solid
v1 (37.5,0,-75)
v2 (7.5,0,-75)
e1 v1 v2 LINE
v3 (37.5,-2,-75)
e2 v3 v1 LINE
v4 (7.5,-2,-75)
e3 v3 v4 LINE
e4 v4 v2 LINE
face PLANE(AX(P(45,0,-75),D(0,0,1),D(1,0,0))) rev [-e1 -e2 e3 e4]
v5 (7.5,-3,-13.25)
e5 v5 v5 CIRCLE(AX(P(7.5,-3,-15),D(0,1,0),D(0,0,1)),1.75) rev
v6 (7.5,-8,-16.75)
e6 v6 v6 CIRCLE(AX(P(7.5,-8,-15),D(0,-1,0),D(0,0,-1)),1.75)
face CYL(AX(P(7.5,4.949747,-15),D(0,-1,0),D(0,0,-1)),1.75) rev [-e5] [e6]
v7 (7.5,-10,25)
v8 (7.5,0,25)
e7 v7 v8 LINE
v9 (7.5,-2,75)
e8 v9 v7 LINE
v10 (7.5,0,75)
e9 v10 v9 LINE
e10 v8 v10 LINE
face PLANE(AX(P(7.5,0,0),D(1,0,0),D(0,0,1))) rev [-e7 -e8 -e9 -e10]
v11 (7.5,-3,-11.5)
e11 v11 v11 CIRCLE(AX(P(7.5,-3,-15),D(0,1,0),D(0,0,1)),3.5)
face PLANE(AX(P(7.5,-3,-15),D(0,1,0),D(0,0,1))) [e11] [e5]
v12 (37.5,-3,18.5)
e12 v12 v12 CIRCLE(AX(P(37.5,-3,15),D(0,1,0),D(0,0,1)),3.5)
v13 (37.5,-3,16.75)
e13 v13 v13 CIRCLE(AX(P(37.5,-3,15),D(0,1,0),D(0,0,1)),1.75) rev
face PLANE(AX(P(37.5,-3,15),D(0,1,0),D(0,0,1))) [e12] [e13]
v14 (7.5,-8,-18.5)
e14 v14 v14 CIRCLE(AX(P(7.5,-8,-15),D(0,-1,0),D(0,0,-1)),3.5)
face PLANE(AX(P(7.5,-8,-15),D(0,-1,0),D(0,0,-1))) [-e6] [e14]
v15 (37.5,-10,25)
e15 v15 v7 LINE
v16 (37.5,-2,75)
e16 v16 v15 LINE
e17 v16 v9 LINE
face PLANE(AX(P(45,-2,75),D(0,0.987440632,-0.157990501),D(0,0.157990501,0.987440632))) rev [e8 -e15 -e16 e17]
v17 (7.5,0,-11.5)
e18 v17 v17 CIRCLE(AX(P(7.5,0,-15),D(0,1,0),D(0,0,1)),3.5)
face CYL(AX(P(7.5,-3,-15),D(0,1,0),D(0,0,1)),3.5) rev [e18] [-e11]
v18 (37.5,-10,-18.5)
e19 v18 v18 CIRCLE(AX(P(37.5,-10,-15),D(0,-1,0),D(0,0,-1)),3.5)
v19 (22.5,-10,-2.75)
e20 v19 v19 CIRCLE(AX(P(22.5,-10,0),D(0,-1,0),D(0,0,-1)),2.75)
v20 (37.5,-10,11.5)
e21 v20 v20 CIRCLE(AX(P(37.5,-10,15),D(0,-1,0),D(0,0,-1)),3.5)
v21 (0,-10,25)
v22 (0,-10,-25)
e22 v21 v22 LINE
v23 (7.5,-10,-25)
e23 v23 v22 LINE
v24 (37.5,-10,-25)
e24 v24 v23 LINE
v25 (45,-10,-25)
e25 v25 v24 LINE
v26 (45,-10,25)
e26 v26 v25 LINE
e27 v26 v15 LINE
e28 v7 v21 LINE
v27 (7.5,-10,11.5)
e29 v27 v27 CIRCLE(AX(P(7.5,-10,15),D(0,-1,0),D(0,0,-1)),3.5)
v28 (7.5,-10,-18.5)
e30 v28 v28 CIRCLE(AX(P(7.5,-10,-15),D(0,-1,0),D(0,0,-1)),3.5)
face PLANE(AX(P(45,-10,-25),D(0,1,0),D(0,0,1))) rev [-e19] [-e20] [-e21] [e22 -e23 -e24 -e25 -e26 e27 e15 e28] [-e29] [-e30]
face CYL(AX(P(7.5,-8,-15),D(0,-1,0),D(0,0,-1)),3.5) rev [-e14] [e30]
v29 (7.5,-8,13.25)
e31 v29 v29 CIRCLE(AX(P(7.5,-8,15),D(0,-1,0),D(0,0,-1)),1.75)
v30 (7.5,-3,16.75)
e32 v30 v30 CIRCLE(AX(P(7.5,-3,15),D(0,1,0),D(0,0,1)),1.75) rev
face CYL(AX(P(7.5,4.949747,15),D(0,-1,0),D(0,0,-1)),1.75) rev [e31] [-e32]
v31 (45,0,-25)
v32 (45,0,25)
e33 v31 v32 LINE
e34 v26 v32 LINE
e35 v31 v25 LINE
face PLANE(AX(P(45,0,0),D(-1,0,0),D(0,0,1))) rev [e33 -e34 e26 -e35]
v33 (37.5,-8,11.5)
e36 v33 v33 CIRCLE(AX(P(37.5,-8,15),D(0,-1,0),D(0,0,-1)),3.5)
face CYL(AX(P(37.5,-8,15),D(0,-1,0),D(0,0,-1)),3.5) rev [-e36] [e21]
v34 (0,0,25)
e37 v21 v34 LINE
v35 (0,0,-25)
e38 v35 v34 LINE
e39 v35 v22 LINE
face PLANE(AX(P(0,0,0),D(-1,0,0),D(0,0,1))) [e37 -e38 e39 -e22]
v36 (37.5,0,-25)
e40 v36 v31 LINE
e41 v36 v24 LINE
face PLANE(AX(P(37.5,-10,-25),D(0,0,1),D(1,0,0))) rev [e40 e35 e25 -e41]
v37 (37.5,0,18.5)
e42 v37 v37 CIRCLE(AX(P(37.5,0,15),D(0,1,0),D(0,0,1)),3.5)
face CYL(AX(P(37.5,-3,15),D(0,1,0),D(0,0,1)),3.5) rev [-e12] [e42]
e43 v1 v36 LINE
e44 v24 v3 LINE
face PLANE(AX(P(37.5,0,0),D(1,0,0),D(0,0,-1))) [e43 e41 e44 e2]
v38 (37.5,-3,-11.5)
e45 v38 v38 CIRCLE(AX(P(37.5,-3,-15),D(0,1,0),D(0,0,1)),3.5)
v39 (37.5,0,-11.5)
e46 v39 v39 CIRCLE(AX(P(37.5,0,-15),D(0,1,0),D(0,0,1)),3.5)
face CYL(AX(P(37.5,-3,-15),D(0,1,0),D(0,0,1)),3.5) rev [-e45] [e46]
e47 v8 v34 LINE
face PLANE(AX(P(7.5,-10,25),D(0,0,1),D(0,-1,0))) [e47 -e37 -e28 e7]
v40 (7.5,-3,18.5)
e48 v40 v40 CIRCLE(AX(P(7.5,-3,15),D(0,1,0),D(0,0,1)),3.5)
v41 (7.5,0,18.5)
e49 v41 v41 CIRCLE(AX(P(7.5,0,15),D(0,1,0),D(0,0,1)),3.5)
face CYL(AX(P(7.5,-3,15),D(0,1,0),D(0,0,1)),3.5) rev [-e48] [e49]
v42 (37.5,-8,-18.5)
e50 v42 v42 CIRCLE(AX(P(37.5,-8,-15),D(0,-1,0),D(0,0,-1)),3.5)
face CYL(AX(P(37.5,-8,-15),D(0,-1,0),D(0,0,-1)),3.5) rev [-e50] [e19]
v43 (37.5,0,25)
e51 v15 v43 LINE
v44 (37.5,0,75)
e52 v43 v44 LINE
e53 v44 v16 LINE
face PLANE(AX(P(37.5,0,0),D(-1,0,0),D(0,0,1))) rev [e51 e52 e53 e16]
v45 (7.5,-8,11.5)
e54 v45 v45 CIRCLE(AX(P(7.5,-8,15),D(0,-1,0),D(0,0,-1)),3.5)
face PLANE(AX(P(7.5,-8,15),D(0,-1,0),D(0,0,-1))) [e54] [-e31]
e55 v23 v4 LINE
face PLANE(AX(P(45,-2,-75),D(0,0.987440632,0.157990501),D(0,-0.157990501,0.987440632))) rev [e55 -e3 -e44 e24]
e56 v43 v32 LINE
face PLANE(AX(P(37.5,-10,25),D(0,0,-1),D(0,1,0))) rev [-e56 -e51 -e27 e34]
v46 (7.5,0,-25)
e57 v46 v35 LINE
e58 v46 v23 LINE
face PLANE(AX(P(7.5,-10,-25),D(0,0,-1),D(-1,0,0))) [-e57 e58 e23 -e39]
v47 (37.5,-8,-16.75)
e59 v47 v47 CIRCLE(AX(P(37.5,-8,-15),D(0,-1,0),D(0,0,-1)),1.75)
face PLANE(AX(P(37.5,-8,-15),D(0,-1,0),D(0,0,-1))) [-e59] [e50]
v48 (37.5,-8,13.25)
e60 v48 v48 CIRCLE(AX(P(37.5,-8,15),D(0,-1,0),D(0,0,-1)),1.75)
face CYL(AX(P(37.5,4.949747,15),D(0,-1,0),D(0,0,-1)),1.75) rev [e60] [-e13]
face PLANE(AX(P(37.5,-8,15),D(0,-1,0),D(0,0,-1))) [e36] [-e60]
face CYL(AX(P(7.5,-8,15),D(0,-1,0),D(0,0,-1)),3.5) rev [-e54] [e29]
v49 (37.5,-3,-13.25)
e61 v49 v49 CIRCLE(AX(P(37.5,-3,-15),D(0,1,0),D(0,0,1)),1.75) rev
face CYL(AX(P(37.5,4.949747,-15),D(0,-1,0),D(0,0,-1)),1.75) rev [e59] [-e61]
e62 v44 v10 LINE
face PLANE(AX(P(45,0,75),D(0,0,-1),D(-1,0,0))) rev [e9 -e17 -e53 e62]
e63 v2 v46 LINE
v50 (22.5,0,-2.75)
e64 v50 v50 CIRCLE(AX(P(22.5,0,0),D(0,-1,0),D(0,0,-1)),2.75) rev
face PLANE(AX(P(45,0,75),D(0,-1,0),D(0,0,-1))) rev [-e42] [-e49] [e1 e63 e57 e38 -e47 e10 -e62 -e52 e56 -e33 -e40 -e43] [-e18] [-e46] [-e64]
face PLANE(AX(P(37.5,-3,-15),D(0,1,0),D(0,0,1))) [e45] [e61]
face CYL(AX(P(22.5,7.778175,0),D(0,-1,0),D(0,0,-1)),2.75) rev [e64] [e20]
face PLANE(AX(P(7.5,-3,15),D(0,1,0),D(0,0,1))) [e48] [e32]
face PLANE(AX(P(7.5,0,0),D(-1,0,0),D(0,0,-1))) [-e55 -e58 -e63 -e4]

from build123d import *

# Parameters (mm, degrees)
BOSS_EXTRUDE1_DEPTH = 45
SKETCH3_R           = 3.5
CUT_EXTRUDE1_DEPTH  = 2
SKETCH4_R           = 1.75
CUT_EXTRUDE2_DEPTH  = 8
CUT_EXTRUDE3_START  = -3
SKETCH5_R           = 3.5
CUT_EXTRUDE3_DEPTH  = 3
CUT_EXTRUDE4_DEPTH  = 7.5
SKETCH8_R           = 2.75
CUT_EXTRUDE5_DEPTH  = 10


with BuildPart() as part:
    # Sketch2 → Boss-Extrude1 (new body)
    with BuildSketch(Plane(origin=(0, 0, 0), x_dir=(0, 0, -1), z_dir=(1, 0, 0))):
        Polygon((-75, 0), (75, 0), (75, -2), (25, -10), (-25, -10), (-75, -2), align=None)
    extrude(amount=BOSS_EXTRUDE1_DEPTH)

    # Sketch3 → Cut-Extrude1 (cut)
    with BuildSketch(Plane.XZ.offset(10)):
        with Locations(Location((7.5, 15, 0), (0, 0, 270))):
            Circle(SKETCH3_R)
        with Locations(Location((37.5, 15, 0), (0, 0, 270))):
            Circle(SKETCH3_R)
        with Locations(Location((37.5, -15, 0), (0, 0, 270))):
            Circle(SKETCH3_R)
        with Locations(Location((7.5, -15, 0), (0, 0, 270))):
            Circle(SKETCH3_R)
    extrude(amount=-CUT_EXTRUDE1_DEPTH, mode=Mode.SUBTRACT)

    # Sketch4 → Cut-Extrude2 (cut)
    with BuildSketch(Plane.XZ.offset(8)):
        with Locations(Location((7.5, 15, 0), (0, 0, 270))):
            Circle(SKETCH4_R)
        with Locations(Location((7.5, -15, 0), (0, 0, 270))):
            Circle(SKETCH4_R)
        with Locations(Location((37.5, -15, 0), (0, 0, 270))):
            Circle(SKETCH4_R)
        with Locations(Location((37.5, 15, 0), (0, 0, 270))):
            Circle(SKETCH4_R)
    extrude(amount=-CUT_EXTRUDE2_DEPTH, mode=Mode.SUBTRACT)

    # Sketch5 → Cut-Extrude3 (cut)
    with BuildSketch(Plane(origin=(0, 0, 0), x_dir=(1, 0, 0), z_dir=(0, 1, 0)).offset(CUT_EXTRUDE3_START)):
        with Locations(Location((7.5, 15, 0), (0, 0, 90))):
            Circle(SKETCH5_R)
        with Locations(Location((37.5, 15, 0), (0, 0, 90))):
            Circle(SKETCH5_R)
        with Locations(Location((7.5, -15, 0), (0, 0, 90))):
            Circle(SKETCH5_R)
        with Locations(Location((37.5, -15, 0), (0, 0, 90))):
            Circle(SKETCH5_R)
    extrude(amount=CUT_EXTRUDE3_DEPTH, mode=Mode.SUBTRACT)

    # Sketch6 → Cut-Extrude4 (cut)
    with BuildSketch(Plane(origin=(45, 0, 0), x_dir=(0, 0, -1), z_dir=(1, 0, 0))):
        Polygon((25, -10), (25, 0), (75, 0), (75, -2), align=None)
        Polygon((-25, -10), (-25, 0), (-75, 0), (-75, -2), align=None)
    cut_extrude4 = extrude(amount=-CUT_EXTRUDE4_DEPTH, mode=Mode.SUBTRACT)

    # Mirror1: Cut-Extrude4 across plane
    add(cut_extrude4.mirror(Plane(origin=(22.5, 0, 0), x_dir=(0, 0, 1), z_dir=(1, 0, 0))), mode=Mode.SUBTRACT)

    # Sketch8 → Cut-Extrude5 (cut)
    with BuildSketch(Plane.XZ.offset(10)):
        with Locations(Location((22.5, 0, 0), (0, 0, 270))):
            Circle(SKETCH8_R)
    extrude(amount=-CUT_EXTRUDE5_DEPTH, mode=Mode.SUBTRACT)


solid = part.part
